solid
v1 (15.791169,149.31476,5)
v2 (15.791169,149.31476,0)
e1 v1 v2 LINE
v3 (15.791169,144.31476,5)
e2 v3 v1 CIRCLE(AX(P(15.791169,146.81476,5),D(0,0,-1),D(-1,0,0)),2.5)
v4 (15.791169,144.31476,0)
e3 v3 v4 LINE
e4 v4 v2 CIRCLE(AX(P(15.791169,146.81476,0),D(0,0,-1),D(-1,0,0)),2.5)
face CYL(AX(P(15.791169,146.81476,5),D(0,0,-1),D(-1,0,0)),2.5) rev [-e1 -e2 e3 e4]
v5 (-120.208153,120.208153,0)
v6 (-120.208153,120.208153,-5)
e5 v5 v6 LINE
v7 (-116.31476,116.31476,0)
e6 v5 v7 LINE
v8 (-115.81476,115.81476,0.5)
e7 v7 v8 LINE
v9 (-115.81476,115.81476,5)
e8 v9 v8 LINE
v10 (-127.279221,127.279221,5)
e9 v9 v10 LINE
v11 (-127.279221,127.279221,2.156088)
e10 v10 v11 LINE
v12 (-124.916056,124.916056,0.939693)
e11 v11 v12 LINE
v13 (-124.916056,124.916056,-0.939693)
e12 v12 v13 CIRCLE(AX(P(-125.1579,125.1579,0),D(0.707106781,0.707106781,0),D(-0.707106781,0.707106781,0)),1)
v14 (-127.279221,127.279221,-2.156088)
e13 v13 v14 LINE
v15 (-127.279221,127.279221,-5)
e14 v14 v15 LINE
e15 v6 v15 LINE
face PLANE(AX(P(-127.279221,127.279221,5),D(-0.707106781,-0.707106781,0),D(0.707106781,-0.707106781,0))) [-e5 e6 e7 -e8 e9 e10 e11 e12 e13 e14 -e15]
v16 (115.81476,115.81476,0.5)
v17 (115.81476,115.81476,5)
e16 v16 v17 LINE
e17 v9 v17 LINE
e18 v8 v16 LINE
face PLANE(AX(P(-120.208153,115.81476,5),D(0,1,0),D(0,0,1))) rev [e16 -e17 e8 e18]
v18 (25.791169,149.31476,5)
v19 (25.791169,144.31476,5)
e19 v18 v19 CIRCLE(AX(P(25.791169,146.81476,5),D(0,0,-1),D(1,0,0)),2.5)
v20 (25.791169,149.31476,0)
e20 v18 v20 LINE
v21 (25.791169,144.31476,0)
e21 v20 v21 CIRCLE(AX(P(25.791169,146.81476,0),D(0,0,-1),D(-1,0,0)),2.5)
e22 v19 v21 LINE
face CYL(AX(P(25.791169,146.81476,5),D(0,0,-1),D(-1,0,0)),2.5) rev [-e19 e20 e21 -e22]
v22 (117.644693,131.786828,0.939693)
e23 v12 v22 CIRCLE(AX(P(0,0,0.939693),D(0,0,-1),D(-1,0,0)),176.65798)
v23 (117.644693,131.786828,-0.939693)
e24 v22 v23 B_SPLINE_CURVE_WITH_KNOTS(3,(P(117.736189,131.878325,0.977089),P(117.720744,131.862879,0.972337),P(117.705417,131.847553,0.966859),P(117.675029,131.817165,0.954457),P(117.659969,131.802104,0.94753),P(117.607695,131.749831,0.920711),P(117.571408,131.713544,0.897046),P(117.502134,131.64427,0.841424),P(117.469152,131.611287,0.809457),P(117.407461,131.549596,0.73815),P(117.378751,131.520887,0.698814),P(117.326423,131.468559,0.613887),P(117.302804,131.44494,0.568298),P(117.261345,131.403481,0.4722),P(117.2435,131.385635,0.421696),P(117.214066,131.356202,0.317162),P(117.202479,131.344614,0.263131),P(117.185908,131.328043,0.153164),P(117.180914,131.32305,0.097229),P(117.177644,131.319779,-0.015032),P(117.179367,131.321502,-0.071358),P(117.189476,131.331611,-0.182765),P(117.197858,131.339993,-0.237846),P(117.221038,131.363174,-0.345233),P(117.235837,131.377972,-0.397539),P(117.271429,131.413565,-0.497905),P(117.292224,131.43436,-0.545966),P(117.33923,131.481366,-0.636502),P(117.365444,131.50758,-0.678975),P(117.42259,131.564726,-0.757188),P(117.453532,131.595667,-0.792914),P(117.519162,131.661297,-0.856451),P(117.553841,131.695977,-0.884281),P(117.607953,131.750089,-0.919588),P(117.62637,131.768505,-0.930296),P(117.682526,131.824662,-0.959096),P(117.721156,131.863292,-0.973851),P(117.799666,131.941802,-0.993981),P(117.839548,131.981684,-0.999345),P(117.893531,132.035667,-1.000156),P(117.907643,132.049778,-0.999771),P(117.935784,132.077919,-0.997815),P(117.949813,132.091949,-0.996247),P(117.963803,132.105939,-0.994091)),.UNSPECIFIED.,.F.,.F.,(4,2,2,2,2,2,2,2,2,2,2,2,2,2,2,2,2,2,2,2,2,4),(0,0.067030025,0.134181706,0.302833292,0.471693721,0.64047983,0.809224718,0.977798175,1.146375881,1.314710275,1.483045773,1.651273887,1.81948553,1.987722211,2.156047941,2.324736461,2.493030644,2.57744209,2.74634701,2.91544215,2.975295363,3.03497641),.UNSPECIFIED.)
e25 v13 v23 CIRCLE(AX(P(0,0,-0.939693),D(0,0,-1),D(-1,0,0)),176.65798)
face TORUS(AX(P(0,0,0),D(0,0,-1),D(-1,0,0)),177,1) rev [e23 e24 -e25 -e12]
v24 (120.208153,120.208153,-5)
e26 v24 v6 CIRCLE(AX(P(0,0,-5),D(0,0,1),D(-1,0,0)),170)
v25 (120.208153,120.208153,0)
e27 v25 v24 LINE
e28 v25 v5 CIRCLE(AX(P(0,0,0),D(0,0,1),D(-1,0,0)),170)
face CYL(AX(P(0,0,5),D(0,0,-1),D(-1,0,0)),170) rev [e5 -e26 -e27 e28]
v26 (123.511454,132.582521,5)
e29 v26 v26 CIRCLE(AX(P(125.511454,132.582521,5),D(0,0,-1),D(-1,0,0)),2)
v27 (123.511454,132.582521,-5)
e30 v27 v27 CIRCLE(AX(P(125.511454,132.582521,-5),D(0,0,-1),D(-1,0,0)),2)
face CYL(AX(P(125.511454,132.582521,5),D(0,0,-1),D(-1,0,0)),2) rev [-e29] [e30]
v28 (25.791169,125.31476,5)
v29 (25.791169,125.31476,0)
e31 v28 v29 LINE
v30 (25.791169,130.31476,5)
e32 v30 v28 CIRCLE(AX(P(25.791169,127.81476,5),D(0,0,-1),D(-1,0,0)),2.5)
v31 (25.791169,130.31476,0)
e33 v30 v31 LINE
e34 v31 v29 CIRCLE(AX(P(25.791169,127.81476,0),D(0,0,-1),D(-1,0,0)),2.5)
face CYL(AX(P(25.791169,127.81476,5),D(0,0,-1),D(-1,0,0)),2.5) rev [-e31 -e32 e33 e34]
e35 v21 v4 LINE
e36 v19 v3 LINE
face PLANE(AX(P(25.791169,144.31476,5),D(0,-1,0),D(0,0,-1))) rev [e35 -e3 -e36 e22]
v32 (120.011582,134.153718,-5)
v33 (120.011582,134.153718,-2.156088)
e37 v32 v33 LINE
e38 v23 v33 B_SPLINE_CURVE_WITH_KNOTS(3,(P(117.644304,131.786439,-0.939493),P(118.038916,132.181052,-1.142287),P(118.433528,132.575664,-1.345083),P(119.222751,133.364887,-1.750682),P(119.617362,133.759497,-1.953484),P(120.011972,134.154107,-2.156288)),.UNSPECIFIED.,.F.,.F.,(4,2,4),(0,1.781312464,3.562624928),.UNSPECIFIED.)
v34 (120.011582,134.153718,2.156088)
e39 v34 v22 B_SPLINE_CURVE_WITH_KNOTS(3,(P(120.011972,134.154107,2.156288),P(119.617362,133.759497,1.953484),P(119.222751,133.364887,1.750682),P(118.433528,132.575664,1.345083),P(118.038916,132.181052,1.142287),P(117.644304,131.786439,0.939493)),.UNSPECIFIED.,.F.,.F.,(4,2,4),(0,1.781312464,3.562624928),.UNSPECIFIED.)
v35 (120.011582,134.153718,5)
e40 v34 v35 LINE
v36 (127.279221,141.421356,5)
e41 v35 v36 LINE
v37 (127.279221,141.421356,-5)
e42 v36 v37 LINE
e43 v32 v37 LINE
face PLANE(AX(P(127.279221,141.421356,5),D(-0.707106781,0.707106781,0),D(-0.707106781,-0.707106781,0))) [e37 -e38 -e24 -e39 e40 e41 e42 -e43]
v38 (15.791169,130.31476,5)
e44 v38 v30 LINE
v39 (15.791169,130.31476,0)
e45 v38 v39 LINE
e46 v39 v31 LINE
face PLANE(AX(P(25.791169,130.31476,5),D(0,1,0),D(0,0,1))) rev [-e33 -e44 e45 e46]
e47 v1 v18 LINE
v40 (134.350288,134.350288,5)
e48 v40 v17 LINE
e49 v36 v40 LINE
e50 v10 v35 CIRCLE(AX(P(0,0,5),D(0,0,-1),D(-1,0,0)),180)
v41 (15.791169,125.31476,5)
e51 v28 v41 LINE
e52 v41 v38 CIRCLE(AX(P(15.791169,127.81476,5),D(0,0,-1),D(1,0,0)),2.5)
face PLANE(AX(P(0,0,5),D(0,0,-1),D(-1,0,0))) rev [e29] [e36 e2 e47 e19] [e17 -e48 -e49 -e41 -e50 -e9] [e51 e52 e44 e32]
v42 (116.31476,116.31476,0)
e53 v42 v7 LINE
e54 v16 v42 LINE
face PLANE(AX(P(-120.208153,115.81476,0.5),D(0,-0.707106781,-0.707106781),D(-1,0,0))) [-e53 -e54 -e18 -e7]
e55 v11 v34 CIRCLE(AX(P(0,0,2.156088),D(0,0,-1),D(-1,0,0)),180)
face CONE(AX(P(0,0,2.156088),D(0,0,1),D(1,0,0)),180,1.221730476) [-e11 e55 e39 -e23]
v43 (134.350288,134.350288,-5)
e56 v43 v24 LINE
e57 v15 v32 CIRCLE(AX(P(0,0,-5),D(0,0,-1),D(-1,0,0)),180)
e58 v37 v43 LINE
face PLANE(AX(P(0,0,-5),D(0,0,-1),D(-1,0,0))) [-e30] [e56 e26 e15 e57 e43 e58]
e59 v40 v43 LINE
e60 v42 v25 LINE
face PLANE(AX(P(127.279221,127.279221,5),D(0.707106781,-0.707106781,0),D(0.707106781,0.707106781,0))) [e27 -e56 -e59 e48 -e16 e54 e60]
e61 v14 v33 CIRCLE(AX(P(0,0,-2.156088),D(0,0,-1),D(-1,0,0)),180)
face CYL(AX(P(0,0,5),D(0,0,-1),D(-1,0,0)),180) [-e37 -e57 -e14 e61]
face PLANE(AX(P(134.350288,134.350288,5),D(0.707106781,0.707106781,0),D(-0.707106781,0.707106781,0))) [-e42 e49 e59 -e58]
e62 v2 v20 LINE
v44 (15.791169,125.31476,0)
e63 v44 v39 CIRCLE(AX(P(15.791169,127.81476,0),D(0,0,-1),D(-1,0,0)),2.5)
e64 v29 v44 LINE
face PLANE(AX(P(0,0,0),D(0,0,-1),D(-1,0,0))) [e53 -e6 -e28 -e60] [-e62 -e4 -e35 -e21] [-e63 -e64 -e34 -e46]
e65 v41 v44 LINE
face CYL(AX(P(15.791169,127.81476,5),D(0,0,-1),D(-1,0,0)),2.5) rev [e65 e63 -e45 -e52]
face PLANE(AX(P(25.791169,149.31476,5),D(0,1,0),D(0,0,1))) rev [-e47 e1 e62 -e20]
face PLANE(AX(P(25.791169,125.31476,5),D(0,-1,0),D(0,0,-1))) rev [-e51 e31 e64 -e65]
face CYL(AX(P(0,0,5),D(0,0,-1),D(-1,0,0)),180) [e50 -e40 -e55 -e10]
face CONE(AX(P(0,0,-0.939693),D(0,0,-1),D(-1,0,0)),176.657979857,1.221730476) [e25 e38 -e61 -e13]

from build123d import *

# Parameters (mm, degrees)
BOSS_EXTRU_1_DEPTH           = 5
BOSS_EXTRU_2_DEPTH           = 5
BOSS_EXTRU_2_DEPTH_BACK      = 5
BOSS_EXTRU_3_DEPTH           = 5
BOSS_EXTRU_3_DEPTH_BACK      = 5
ESQUISSE7_R                  = 2
ENL_V_MAT_EXTRU_4_DEPTH      = 225.666419389
ENL_V_MAT_EXTRU_4_DEPTH_BACK = 225.666419389
ENL_V_MAT_EXTRU_6_DEPTH      = 225.666419389
ENL_V_MAT_EXTRU_6_DEPTH_BACK = 225.666419389
CHANFREIN1_SIZE              = 0.5


with BuildPart() as part:
    # Esquisse1 → Boss.-Extru.1 (new body)
    with BuildSketch(Plane.XY):
        with BuildLine():
            Line((-120.208152802, 115.814760073), (120.208152802, 115.814760073))
            Line((120.208152802, 115.814760073), (120.208152802, 120.208152802))
            ThreePointArc((120.208152802, 120.208152802), (0, 170), (-120.208152802, 120.208152802))
            Line((-120.208152802, 120.208152802), (-120.208152802, 115.814760073))
        make_face()
    extrude(amount=BOSS_EXTRU_1_DEPTH)

    # Esquisse2 → Boss.-Extru.2 (add, two sides: drawn at the far end of the back side and taken through both)
    with BuildSketch(Plane(origin=(0, 0, 0), x_dir=(-1, 0, 0), z_dir=(0, 0, -1)).offset(-BOSS_EXTRU_2_DEPTH_BACK)):
        with BuildLine():
            Line((127.279220614, 127.279220614), (120.208152802, 120.208152802))
            ThreePointArc((120.208152802, 120.208152802), (0, 170), (-120.208152802, 120.208152802))
            Line((-120.208152802, 120.208152802), (-127.279220614, 127.279220614))
            ThreePointArc((-127.279220614, 127.279220614), (0, 180), (127.279220614, 127.279220614))
        make_face()
    extrude(amount=BOSS_EXTRU_2_DEPTH + BOSS_EXTRU_2_DEPTH_BACK)

    # Enlèvement de matière-Balayage1: sweep along a path in Esquisse3
    with BuildLine(Plane(origin=(0, 0, 0), x_dir=(-1, 0, 0), z_dir=(0, 0, -1))) as enl_vement_de_mati_re_balayage1_path:
        ThreePointArc((126.572113832, 126.572113832), (0, 179), (-126.572113832, 126.572113832))
    # Esquisse5 → Enlèvement de matière-Balayage1 (sweep, cut)
    with BuildSketch(Plane(origin=(0, 0, 0), x_dir=(0, 0, -1), z_dir=(0.7071067811865468, -0.7071067811865483, 0))):
        with BuildLine():
            Line((-0.939692621, 176.657979857), (-2.156088475, 180))
            Line((-2.156088475, 180), (2.156088475, 180))
            Line((2.156088475, 180), (0.939692621, 176.657979857))
            ThreePointArc((0.939692621, 176.657979857), (0, 176), (-0.939692621, 176.657979857))
        make_face()
    sweep(path=enl_vement_de_mati_re_balayage1_path.line, mode=Mode.SUBTRACT)

    # Esquisse7 → Boss.-Extru.3 (add, two sides: drawn at the far end of the back side and taken through both)
    with BuildSketch(Plane(origin=(0, 0, 0), x_dir=(-1, 0, 0), z_dir=(0, 0, -1)).offset(-BOSS_EXTRU_3_DEPTH_BACK)):
        Polygon((-123.743686708, 123.743686708), (-134.350288425, 134.350288425), (-127.279220614, 141.421356237), (-116.672618896, 130.81475452), align=None)
        with Locations((-125.511453661, 132.582521472)):
            Circle(ESQUISSE7_R, mode=Mode.SUBTRACT)
    extrude(amount=BOSS_EXTRU_3_DEPTH + BOSS_EXTRU_3_DEPTH_BACK)

    # Esquisse8 → Enlèv. mat.-Extru.4 (cut, two sides: drawn at the far end of the back side and taken through both)
    with BuildSketch(Plane(origin=(0, 0, 0), x_dir=(-1, 0, 0), z_dir=(0, 0, -1)).offset(-ENL_V_MAT_EXTRU_4_DEPTH_BACK)):
        Polygon((-120.208152802, 120.208152802), (-104.630387374, 104.630387374), (-145.023097607, 109.535343621), (-125.124551125, 125.124551125), align=None)
        Polygon((127.279220614, 127.279220614), (100.741517302, 100.741517302), (140.507843055, 93.246561367), align=None)
    extrude(amount=ENL_V_MAT_EXTRU_4_DEPTH + ENL_V_MAT_EXTRU_4_DEPTH_BACK, mode=Mode.SUBTRACT)

    # Esquisse10 → Enlèv. mat.-Extru.6 (cut, two sides: drawn at the far end of the back side and taken through both)
    with BuildSketch(Plane(origin=(0, 0, 0), x_dir=(-1, 0, 0), z_dir=(0, 0, -1)).offset(-ENL_V_MAT_EXTRU_6_DEPTH_BACK)):
        with BuildLine():
            Line((-25.791169082, 149.314760073), (-15.791169082, 149.314760073))
            ThreePointArc((-15.791169082, 149.314760073), (-13.291169082, 146.814760073), (-15.791169082, 144.314760073))
            Line((-15.791169082, 144.314760073), (-25.791169082, 144.314760073))
            ThreePointArc((-25.791169082, 144.314760073), (-28.291169082, 146.814760073), (-25.791169082, 149.314760073))
        make_face()
        with BuildLine():
            Line((-25.791169082, 130.314760073), (-15.791169082, 130.314760073))
            ThreePointArc((-15.791169082, 130.314760073), (-13.291169082, 127.814760073), (-15.791169082, 125.314760073))
            Line((-15.791169082, 125.314760073), (-25.791169082, 125.314760073))
            ThreePointArc((-25.791169082, 125.314760073), (-28.291169082, 127.814760073), (-25.791169082, 130.314760073))
        make_face()
    extrude(amount=ENL_V_MAT_EXTRU_6_DEPTH + ENL_V_MAT_EXTRU_6_DEPTH_BACK, mode=Mode.SUBTRACT)

    # Chanfrein1
    chanfrein1_edges = [part.edges().sort_by_distance(p)[0] for p in [
        (0, 115.814760073, 0),
    ]]
    chamfer(chanfrein1_edges, length=CHANFREIN1_SIZE)


solid = part.part
